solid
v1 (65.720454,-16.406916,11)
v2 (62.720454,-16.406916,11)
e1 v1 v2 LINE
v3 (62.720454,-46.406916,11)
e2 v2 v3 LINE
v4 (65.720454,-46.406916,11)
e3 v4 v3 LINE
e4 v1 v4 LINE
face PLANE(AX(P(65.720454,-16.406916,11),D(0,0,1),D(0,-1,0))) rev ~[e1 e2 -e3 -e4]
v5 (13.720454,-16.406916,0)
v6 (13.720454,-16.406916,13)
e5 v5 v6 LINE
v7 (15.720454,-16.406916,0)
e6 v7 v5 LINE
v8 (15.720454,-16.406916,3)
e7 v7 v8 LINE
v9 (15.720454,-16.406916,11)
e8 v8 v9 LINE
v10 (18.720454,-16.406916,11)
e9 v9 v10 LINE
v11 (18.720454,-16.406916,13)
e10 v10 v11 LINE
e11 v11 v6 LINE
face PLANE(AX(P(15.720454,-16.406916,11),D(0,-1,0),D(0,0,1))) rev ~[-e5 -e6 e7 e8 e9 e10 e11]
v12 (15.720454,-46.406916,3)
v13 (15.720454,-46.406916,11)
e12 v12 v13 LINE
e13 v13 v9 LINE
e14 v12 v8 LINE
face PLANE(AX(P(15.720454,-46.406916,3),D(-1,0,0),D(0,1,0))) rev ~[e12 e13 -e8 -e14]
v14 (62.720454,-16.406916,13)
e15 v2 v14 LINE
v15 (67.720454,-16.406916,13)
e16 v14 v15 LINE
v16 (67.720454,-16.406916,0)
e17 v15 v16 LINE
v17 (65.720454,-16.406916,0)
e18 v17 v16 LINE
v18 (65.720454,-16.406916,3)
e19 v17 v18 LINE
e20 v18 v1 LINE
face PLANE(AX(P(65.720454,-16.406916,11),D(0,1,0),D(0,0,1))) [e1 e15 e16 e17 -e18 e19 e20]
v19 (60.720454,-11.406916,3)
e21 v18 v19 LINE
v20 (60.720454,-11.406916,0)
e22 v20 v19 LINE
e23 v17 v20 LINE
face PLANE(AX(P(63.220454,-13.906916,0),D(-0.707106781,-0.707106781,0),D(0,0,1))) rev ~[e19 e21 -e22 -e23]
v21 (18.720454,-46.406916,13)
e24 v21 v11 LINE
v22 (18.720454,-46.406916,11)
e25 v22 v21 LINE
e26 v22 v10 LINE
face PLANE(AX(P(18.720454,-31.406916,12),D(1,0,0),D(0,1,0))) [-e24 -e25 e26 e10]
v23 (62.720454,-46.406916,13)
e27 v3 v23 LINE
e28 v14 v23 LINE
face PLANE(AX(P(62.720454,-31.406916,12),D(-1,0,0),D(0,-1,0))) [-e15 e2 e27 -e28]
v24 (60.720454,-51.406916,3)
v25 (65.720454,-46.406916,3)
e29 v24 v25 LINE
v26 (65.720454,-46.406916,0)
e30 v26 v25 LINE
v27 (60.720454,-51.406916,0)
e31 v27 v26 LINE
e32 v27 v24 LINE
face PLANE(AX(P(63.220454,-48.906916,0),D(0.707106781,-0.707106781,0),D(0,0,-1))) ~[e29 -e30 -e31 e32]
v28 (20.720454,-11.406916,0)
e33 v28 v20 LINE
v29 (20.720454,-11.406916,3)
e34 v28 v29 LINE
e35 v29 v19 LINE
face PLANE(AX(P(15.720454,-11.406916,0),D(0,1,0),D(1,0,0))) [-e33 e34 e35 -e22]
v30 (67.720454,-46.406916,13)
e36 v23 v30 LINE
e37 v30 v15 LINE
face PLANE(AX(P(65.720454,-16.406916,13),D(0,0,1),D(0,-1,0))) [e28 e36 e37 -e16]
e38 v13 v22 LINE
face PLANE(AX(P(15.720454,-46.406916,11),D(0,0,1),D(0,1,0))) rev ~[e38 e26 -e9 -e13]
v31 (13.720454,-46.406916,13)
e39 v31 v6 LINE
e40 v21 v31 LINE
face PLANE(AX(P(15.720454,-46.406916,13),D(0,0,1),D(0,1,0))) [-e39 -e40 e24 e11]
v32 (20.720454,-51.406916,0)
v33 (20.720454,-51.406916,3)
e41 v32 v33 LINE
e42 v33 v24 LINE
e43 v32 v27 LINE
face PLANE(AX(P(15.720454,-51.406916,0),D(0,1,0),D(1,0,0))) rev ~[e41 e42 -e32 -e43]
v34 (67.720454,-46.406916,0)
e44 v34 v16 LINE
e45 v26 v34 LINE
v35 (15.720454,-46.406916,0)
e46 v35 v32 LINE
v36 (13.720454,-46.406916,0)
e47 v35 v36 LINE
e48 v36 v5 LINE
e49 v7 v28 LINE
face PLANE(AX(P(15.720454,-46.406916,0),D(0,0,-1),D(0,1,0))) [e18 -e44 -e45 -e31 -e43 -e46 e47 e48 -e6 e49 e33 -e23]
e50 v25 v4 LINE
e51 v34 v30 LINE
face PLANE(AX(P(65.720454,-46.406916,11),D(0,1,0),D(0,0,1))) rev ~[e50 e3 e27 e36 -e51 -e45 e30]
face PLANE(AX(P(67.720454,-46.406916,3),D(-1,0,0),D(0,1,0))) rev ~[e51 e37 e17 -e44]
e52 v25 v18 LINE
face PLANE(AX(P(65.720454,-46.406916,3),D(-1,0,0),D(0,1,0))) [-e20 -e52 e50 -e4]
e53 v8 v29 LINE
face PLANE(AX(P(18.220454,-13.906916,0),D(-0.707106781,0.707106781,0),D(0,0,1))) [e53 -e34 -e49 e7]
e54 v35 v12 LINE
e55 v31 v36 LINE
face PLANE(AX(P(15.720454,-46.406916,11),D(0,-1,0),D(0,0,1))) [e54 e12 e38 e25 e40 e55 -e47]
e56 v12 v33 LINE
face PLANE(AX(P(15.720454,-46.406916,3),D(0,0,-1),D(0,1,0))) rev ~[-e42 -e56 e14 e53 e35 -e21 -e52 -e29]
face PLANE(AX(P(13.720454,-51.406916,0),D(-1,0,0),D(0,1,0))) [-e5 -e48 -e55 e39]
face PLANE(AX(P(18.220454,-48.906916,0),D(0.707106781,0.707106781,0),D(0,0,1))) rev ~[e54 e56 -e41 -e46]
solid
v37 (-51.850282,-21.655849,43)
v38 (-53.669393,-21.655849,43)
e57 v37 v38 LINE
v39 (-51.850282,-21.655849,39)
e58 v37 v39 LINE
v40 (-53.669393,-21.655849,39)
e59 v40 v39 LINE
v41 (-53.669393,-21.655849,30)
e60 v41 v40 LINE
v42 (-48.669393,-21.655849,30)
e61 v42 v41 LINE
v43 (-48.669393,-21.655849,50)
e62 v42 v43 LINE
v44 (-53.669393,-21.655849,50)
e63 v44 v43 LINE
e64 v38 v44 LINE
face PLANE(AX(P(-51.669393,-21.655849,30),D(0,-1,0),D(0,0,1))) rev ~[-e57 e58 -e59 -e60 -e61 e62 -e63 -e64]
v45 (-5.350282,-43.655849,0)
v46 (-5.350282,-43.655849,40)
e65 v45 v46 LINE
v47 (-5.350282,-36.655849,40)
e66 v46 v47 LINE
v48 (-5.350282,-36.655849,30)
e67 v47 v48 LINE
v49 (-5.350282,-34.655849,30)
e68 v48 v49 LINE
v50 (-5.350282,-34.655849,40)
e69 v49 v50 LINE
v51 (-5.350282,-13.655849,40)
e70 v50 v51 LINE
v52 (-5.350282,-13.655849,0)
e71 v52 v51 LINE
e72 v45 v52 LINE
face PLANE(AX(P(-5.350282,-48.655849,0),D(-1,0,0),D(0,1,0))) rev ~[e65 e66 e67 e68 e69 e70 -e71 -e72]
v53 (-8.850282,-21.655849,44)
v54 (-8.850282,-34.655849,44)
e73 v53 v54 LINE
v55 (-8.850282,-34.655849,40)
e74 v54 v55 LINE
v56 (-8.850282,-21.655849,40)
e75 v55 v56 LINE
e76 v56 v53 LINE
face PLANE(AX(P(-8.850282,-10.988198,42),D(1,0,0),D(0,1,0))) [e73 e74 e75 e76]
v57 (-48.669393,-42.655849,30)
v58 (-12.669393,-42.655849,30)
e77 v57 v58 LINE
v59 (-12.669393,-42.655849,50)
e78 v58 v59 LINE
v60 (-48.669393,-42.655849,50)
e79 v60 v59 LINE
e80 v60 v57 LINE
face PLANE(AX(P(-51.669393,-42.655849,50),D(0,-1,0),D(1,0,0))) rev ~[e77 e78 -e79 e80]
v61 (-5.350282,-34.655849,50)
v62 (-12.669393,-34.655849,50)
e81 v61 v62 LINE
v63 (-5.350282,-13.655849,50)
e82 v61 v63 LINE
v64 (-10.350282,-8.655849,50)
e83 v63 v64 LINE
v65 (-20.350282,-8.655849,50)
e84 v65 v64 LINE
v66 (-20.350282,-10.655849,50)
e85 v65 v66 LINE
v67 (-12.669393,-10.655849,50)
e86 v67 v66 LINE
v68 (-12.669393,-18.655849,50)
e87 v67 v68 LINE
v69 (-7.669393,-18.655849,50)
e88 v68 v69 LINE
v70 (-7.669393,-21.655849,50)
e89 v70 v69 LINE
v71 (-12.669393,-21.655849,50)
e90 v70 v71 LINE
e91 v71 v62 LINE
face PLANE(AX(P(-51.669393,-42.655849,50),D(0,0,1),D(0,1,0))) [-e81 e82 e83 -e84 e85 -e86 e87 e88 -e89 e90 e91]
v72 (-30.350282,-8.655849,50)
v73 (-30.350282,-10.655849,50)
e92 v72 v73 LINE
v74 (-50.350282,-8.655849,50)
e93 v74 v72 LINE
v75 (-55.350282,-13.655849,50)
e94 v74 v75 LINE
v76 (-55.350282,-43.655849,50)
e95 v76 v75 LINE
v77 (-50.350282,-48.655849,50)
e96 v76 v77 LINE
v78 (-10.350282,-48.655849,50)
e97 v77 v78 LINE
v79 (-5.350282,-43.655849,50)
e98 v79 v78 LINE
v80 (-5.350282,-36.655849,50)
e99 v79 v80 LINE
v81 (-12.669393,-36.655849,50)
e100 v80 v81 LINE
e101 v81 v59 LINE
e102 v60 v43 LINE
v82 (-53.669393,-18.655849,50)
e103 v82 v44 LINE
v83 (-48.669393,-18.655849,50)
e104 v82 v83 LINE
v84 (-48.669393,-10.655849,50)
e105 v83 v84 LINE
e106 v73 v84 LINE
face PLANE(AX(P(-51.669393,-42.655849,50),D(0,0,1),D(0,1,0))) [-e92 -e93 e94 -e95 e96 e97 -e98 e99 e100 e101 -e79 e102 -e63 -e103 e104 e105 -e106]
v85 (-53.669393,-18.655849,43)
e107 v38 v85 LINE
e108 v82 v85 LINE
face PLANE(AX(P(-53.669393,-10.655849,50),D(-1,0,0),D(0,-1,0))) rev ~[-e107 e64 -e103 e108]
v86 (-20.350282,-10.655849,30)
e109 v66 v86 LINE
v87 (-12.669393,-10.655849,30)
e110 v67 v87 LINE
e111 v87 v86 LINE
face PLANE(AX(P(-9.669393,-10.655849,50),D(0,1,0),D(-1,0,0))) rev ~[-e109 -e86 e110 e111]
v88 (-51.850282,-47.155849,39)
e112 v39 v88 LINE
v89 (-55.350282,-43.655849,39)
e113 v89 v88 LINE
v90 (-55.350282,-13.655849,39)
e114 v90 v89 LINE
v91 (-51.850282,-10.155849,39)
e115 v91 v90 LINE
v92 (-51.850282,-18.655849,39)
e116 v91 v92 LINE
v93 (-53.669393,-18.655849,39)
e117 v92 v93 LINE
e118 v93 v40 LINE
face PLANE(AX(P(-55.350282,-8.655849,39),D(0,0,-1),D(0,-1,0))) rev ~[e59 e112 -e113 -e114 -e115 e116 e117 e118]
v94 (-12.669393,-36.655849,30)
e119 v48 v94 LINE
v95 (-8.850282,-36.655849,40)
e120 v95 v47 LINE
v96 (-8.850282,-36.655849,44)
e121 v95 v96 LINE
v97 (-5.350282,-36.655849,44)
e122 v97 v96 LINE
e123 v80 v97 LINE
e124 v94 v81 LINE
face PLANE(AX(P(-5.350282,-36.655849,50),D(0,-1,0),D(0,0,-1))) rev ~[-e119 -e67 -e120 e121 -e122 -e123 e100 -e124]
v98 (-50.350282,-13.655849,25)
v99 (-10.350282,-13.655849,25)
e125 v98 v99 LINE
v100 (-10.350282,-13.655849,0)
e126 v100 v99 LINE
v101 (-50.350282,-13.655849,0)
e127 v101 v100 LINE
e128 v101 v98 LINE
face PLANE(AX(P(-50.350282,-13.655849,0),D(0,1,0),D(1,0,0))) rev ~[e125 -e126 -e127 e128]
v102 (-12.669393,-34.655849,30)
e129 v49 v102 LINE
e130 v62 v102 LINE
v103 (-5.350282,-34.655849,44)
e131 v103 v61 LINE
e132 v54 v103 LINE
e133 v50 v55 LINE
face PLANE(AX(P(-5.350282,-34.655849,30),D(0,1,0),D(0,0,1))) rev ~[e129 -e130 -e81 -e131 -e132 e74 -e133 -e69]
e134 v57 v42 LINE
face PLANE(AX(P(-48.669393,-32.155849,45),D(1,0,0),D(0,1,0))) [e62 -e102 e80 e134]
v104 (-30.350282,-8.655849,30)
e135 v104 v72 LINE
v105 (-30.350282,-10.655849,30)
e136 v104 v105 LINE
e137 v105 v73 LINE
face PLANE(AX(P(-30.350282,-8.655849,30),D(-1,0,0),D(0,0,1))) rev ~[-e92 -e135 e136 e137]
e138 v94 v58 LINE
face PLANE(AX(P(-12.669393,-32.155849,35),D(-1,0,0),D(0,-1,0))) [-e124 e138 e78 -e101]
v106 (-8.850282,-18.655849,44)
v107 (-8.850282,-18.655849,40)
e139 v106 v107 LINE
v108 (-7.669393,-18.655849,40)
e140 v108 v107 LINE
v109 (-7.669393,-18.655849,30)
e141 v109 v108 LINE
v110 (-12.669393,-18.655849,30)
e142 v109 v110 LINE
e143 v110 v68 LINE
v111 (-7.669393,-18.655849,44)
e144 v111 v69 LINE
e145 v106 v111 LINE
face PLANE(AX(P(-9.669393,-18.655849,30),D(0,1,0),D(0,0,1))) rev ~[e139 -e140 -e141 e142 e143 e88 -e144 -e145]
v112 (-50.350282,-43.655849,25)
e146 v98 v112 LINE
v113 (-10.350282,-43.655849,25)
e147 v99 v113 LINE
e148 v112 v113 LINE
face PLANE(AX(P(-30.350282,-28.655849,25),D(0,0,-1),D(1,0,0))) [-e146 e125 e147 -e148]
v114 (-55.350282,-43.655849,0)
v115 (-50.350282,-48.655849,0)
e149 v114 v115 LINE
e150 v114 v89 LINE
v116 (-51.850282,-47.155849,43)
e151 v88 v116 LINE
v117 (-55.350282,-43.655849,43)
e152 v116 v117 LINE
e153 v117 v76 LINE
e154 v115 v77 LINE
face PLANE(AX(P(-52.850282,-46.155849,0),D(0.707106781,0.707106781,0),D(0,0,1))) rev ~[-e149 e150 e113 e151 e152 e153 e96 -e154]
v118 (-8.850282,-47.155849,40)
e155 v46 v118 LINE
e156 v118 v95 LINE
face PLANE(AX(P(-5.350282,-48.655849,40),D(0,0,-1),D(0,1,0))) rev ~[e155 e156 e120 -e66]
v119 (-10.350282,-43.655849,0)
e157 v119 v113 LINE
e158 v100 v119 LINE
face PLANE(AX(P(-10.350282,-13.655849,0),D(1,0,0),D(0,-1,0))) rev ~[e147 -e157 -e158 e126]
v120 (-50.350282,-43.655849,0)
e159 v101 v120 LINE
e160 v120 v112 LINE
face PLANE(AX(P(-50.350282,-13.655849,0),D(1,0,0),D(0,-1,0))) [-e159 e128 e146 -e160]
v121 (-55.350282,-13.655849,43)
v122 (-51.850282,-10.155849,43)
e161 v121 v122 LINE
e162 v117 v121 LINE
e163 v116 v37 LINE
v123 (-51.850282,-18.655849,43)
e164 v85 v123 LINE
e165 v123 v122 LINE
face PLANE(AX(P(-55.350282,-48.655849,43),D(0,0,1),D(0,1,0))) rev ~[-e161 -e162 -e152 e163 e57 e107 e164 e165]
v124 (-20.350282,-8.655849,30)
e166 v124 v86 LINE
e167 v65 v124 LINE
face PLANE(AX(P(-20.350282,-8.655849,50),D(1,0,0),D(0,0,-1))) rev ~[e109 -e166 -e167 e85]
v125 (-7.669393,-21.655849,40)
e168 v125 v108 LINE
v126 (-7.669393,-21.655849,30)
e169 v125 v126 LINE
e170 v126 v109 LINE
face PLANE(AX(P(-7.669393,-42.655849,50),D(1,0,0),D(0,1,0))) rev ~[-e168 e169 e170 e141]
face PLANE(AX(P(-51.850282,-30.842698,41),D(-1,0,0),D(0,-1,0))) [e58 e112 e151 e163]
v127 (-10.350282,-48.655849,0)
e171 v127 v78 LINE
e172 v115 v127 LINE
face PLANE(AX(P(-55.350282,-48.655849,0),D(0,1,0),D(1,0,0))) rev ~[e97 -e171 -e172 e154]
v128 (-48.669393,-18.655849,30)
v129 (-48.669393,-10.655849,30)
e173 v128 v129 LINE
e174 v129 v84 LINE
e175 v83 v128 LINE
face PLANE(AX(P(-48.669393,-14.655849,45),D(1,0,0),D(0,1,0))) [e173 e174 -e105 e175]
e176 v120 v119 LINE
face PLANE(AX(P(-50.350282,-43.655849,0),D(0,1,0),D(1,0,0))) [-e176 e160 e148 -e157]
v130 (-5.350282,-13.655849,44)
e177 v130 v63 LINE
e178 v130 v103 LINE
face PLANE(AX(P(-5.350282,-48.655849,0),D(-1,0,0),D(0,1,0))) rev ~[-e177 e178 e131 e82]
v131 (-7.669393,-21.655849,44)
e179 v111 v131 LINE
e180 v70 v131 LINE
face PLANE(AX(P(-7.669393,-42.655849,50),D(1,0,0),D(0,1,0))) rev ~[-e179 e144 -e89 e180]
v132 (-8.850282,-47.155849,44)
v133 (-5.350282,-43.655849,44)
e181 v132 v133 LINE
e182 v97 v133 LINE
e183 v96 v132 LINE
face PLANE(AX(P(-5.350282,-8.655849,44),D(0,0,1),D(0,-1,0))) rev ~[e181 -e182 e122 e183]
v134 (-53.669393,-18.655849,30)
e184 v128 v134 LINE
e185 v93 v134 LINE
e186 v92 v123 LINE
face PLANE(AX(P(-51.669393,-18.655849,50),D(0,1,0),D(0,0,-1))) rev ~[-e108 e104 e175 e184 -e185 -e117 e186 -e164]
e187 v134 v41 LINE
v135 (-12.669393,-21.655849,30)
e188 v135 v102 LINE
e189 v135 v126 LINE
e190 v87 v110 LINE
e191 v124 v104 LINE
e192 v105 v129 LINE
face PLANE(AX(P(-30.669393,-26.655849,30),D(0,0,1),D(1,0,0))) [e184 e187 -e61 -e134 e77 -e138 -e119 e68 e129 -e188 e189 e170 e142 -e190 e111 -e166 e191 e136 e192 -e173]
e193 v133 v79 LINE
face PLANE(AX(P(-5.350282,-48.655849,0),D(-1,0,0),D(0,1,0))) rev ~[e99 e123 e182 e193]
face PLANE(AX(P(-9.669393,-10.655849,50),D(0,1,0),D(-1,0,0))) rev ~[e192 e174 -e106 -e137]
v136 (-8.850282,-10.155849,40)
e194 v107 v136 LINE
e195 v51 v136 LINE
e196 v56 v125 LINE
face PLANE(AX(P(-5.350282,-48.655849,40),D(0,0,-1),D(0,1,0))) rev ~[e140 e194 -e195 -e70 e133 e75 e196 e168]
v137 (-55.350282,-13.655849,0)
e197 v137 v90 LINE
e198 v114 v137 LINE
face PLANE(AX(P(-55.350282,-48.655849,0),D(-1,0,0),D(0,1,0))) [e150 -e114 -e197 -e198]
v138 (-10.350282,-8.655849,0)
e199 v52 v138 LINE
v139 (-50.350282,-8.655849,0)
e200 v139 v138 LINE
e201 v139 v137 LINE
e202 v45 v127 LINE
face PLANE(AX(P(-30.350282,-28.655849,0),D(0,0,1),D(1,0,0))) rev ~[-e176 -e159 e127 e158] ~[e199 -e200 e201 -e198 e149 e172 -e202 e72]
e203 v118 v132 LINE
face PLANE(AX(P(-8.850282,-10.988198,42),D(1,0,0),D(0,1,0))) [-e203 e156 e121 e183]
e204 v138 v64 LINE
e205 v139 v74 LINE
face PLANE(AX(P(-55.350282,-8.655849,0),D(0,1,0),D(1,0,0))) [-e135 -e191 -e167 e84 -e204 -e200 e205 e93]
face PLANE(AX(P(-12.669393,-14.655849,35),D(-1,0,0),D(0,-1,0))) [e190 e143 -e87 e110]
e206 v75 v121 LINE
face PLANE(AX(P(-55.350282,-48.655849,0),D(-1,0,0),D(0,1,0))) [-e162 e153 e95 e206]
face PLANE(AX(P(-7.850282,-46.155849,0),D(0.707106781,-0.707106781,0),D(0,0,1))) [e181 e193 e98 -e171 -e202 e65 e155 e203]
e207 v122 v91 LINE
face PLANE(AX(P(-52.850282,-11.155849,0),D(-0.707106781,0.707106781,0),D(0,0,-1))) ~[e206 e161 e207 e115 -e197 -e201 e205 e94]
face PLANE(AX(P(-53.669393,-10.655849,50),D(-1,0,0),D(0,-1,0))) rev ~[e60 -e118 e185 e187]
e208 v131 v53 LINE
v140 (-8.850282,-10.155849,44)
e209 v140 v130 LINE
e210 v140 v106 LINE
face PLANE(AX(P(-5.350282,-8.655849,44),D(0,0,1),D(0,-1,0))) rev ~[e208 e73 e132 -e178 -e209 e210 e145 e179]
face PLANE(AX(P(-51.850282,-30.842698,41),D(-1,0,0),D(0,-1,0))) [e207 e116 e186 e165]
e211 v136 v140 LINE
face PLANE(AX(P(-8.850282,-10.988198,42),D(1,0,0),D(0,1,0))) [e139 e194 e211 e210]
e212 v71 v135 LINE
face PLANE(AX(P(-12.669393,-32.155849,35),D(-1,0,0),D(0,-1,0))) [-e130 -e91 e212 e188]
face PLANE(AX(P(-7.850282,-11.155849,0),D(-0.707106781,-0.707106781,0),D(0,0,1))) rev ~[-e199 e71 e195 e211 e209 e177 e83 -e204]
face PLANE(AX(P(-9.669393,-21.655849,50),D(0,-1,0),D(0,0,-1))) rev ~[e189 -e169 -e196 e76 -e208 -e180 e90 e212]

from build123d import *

# Parameters (mm, degrees)
F0_W      = 50
F0_H      = 40
F1_DEPTH  = 50
F3_DEPTH  = 20
F4_W      = 21
F4_H      = 10
F4_W_2    = 8
F5_DEPTH  = 3
F6_W      = 21
F6_H      = 10
F6_W_2    = 8
F7_DEPTH  = 3
F8_DEPTH  = 2
F9_DEPTH  = 2
F10_W     = 10
F10_H     = 11.0885438323
F10_H_2   = 8.9114561677
F11_DEPTH = 5
F12_W     = 2
F12_H     = 4.3249979615
F12_H_2   = 15.6750020385
F13_DEPTH = 10
F14_W     = 40
F14_H     = 30
F15_DEPTH = 25
F16_W     = 50
F16_H     = 40
F17_DEPTH = 3
F18_SIZE  = 5
F19_DEPTH = 2
F20_DEPTH = 2
F21_W     = 2
F21_H     = 30
F22_DEPTH = 10
F23_W     = 30
F23_H     = 2
F24_DEPTH = 3
F25_W     = 30
F25_H     = 2
F26_DEPTH = 3
F27_W     = 35.6263015419
F27_H     = 4
F27_W_2   = 4.3736984581
F28_DEPTH = 3.5
F29_W     = 4.6646985784
F29_H     = 4
F29_W_2   = 35.3353014216
F30_DEPTH = 3.5
F31_SIZE  = 5


with BuildPart() as f1:
    # F0 (on Top) → F1 (new body)
    with BuildSketch(Plane.XY):
        with Locations((-30.3502824157, -28.6558489501)):
            Rectangle(F0_W, F0_H)
    extrude(amount=F1_DEPTH)

    # F2 (on face) → F3 (cut)
    with BuildSketch(Plane.XY.offset(50)):
        Polygon((-51.6693927348, -42.6558489501), (-40.0050915778, -42.6558489501), (-9.6693927348, -42.6558489501), (-9.6693927348, -10.6558489501), (-51.6693927348, -10.6558489501), (-51.6693927348, -40.7105982304), align=None)
    extrude(amount=-F3_DEPTH, mode=Mode.SUBTRACT)

    # F4 (on face) → F5 (join)
    with BuildSketch(Plane(origin=(-9.6693927348, 0, 0), x_dir=(0, -1, 0), z_dir=(-1, 0, 0))):
        with Locations((32.1558489501, 35)):
            Rectangle(F4_W, F4_H)
        with Locations((14.6558489501, 35)):
            Rectangle(F4_W_2, F4_H)
        with Locations((14.6558489501, 45)):
            Rectangle(F4_W_2, F4_H)
        with Locations((32.1558489501, 45)):
            Rectangle(F4_W, F4_H)
    extrude(amount=F5_DEPTH)

    # F6 (on face) → F7 (join)
    with BuildSketch(Plane.YZ.offset(-51.6693927348)):
        with Locations((-32.1558489501, 45)):
            Rectangle(F6_W, F6_H)
        with Locations((-14.6558489501, 45)):
            Rectangle(F6_W_2, F6_H)
        with Locations((-14.6558489501, 35)):
            Rectangle(F6_W_2, F6_H)
        with Locations((-32.1558489501, 35)):
            Rectangle(F6_W, F6_H)
    extrude(amount=F7_DEPTH)

    # F8 (cut): a face of the model
    f8_faces = [f1.faces().sort_by_distance(p)[0] for p in [
        (-9.6693927348, -20.1558489501, 40),
    ]]
    extrude(f8_faces, amount=-F8_DEPTH, mode=Mode.SUBTRACT)

    # F9 (cut): a face of the model
    f9_faces = [f1.faces().sort_by_distance(p)[0] for p in [
        (-51.6693927348, -20.1558489501, 40),
    ]]
    extrude(f9_faces, amount=-F9_DEPTH, mode=Mode.SUBTRACT)

    # F10 (on face) → F11 (cut)
    with BuildSketch(Plane(origin=(0, -8.6558489501, 0), x_dir=(-1, 0, 0), z_dir=(0, 1, 0))):
        with Locations((25.3502824157, 35.5442719162)):
            Rectangle(F10_W, F10_H)
        with Locations((25.3502824157, 45.5442719162)):
            Rectangle(F10_W, F10_H_2)
    extrude(amount=-F11_DEPTH, mode=Mode.SUBTRACT)

    # F12 (on face) → F13 (cut)
    with BuildSketch(Plane.YZ.offset(-5.3502824157)):
        with Locations((-35.6558489501, 47.8375010192)):
            Rectangle(F12_W, F12_H)
        with Locations((-35.6558489501, 37.8375010192)):
            Rectangle(F12_W, F12_H_2)
    extrude(amount=-F13_DEPTH, mode=Mode.SUBTRACT)

    # F14 (on face) → F15 (cut)
    with BuildSketch(Plane(origin=(0, 0, 0), x_dir=(1, 0, 0), z_dir=(0, 0, -1))):
        with Locations((-30.3502824157, 28.6558489501)):
            Rectangle(F14_W, F14_H)
    extrude(amount=-F15_DEPTH, mode=Mode.SUBTRACT)

    # F27 (on face) → F28 (cut)
    with BuildSketch(Plane(origin=(-55.3502824157, 0, 0), x_dir=(0, -1, 0), z_dir=(-1, 0, 0))):
        with Locations((30.8426981792, 41)):
            Rectangle(F27_W, F27_H)
        with Locations((10.8426981792, 41)):
            Rectangle(F27_W_2, F27_H)
    extrude(amount=-F28_DEPTH, mode=Mode.SUBTRACT)

    # F29 (on face) → F30 (cut)
    with BuildSketch(Plane.YZ.offset(-5.3502824157)):
        with Locations((-10.9881982394, 42)):
            Rectangle(F29_W, F29_H)
        with Locations((-30.9881982394, 42)):
            Rectangle(F29_W_2, F29_H)
    extrude(amount=-F30_DEPTH, mode=Mode.SUBTRACT)

    # F31
    f31_edges = [f1.edges().sort_by_distance(p)[0] for p in [
        (-5.350282, -8.655849, 20),
        (-5.350282, -48.655849, 20),
        (-55.350282, -8.655849, 19.5),
        (-55.350282, -48.655849, 19.5),
    ]]
    chamfer(f31_edges, length=F31_SIZE)


with BuildPart() as f17:
    # F16 (on Top) → F17 (new body)
    with BuildSketch(Plane.XY):
        with Locations((40.7204538584, -31.4069162309)):
            Rectangle(F16_W, F16_H)
    extrude(amount=F17_DEPTH)

    # F18
    f18_edges = [f17.edges().sort_by_distance(p)[0] for p in [
        (65.720454, -11.406916, 1.5),
        (65.720454, -51.406916, 1.5),
        (15.720454, -51.406916, 1.5),
        (15.720454, -11.406916, 1.5),
    ]]
    chamfer(f18_edges, length=F18_SIZE)

    # F19 (add): faces of the model
    f19_faces = [f17.faces().sort_by_distance(p)[0] for p in [
        (65.7204538584, -31.4069162309, 1.5),
        (15.7204538584, -31.4069162309, 1.5),
    ]]
    extrude(f19_faces, amount=F19_DEPTH, dir=(1, 0, 0))

    # F20 (add): a face of the model
    f20_faces = [f17.faces().sort_by_distance(p)[0] for p in [
        (15.7204538584, -31.4069162309, 1.5),
    ]]
    extrude(f20_faces, amount=F20_DEPTH)

    # F21 (on face) → F22 (join)
    with BuildSketch(Plane.XY.offset(3)):
        with Locations((66.7204538584, -31.4069162309)):
            Rectangle(F21_W, F21_H)
        with Locations((14.7204538584, -31.4069162309)):
            Rectangle(F21_W, F21_H)
    extrude(amount=F22_DEPTH)

    # F23 (on face) → F24 (join)
    with BuildSketch(Plane(origin=(65.7204538584, 0, 0), x_dir=(0, -1, 0), z_dir=(-1, 0, 0))):
        with Locations((31.4069162309, 12)):
            Rectangle(F23_W, F23_H)
    extrude(amount=F24_DEPTH)

    # F25 (on face) → F26 (join)
    with BuildSketch(Plane.YZ.offset(15.7204538584)):
        with Locations((-31.4069162309, 12)):
            Rectangle(F25_W, F25_H)
    extrude(amount=F26_DEPTH)


solid = Compound([f1.part, f17.part])
